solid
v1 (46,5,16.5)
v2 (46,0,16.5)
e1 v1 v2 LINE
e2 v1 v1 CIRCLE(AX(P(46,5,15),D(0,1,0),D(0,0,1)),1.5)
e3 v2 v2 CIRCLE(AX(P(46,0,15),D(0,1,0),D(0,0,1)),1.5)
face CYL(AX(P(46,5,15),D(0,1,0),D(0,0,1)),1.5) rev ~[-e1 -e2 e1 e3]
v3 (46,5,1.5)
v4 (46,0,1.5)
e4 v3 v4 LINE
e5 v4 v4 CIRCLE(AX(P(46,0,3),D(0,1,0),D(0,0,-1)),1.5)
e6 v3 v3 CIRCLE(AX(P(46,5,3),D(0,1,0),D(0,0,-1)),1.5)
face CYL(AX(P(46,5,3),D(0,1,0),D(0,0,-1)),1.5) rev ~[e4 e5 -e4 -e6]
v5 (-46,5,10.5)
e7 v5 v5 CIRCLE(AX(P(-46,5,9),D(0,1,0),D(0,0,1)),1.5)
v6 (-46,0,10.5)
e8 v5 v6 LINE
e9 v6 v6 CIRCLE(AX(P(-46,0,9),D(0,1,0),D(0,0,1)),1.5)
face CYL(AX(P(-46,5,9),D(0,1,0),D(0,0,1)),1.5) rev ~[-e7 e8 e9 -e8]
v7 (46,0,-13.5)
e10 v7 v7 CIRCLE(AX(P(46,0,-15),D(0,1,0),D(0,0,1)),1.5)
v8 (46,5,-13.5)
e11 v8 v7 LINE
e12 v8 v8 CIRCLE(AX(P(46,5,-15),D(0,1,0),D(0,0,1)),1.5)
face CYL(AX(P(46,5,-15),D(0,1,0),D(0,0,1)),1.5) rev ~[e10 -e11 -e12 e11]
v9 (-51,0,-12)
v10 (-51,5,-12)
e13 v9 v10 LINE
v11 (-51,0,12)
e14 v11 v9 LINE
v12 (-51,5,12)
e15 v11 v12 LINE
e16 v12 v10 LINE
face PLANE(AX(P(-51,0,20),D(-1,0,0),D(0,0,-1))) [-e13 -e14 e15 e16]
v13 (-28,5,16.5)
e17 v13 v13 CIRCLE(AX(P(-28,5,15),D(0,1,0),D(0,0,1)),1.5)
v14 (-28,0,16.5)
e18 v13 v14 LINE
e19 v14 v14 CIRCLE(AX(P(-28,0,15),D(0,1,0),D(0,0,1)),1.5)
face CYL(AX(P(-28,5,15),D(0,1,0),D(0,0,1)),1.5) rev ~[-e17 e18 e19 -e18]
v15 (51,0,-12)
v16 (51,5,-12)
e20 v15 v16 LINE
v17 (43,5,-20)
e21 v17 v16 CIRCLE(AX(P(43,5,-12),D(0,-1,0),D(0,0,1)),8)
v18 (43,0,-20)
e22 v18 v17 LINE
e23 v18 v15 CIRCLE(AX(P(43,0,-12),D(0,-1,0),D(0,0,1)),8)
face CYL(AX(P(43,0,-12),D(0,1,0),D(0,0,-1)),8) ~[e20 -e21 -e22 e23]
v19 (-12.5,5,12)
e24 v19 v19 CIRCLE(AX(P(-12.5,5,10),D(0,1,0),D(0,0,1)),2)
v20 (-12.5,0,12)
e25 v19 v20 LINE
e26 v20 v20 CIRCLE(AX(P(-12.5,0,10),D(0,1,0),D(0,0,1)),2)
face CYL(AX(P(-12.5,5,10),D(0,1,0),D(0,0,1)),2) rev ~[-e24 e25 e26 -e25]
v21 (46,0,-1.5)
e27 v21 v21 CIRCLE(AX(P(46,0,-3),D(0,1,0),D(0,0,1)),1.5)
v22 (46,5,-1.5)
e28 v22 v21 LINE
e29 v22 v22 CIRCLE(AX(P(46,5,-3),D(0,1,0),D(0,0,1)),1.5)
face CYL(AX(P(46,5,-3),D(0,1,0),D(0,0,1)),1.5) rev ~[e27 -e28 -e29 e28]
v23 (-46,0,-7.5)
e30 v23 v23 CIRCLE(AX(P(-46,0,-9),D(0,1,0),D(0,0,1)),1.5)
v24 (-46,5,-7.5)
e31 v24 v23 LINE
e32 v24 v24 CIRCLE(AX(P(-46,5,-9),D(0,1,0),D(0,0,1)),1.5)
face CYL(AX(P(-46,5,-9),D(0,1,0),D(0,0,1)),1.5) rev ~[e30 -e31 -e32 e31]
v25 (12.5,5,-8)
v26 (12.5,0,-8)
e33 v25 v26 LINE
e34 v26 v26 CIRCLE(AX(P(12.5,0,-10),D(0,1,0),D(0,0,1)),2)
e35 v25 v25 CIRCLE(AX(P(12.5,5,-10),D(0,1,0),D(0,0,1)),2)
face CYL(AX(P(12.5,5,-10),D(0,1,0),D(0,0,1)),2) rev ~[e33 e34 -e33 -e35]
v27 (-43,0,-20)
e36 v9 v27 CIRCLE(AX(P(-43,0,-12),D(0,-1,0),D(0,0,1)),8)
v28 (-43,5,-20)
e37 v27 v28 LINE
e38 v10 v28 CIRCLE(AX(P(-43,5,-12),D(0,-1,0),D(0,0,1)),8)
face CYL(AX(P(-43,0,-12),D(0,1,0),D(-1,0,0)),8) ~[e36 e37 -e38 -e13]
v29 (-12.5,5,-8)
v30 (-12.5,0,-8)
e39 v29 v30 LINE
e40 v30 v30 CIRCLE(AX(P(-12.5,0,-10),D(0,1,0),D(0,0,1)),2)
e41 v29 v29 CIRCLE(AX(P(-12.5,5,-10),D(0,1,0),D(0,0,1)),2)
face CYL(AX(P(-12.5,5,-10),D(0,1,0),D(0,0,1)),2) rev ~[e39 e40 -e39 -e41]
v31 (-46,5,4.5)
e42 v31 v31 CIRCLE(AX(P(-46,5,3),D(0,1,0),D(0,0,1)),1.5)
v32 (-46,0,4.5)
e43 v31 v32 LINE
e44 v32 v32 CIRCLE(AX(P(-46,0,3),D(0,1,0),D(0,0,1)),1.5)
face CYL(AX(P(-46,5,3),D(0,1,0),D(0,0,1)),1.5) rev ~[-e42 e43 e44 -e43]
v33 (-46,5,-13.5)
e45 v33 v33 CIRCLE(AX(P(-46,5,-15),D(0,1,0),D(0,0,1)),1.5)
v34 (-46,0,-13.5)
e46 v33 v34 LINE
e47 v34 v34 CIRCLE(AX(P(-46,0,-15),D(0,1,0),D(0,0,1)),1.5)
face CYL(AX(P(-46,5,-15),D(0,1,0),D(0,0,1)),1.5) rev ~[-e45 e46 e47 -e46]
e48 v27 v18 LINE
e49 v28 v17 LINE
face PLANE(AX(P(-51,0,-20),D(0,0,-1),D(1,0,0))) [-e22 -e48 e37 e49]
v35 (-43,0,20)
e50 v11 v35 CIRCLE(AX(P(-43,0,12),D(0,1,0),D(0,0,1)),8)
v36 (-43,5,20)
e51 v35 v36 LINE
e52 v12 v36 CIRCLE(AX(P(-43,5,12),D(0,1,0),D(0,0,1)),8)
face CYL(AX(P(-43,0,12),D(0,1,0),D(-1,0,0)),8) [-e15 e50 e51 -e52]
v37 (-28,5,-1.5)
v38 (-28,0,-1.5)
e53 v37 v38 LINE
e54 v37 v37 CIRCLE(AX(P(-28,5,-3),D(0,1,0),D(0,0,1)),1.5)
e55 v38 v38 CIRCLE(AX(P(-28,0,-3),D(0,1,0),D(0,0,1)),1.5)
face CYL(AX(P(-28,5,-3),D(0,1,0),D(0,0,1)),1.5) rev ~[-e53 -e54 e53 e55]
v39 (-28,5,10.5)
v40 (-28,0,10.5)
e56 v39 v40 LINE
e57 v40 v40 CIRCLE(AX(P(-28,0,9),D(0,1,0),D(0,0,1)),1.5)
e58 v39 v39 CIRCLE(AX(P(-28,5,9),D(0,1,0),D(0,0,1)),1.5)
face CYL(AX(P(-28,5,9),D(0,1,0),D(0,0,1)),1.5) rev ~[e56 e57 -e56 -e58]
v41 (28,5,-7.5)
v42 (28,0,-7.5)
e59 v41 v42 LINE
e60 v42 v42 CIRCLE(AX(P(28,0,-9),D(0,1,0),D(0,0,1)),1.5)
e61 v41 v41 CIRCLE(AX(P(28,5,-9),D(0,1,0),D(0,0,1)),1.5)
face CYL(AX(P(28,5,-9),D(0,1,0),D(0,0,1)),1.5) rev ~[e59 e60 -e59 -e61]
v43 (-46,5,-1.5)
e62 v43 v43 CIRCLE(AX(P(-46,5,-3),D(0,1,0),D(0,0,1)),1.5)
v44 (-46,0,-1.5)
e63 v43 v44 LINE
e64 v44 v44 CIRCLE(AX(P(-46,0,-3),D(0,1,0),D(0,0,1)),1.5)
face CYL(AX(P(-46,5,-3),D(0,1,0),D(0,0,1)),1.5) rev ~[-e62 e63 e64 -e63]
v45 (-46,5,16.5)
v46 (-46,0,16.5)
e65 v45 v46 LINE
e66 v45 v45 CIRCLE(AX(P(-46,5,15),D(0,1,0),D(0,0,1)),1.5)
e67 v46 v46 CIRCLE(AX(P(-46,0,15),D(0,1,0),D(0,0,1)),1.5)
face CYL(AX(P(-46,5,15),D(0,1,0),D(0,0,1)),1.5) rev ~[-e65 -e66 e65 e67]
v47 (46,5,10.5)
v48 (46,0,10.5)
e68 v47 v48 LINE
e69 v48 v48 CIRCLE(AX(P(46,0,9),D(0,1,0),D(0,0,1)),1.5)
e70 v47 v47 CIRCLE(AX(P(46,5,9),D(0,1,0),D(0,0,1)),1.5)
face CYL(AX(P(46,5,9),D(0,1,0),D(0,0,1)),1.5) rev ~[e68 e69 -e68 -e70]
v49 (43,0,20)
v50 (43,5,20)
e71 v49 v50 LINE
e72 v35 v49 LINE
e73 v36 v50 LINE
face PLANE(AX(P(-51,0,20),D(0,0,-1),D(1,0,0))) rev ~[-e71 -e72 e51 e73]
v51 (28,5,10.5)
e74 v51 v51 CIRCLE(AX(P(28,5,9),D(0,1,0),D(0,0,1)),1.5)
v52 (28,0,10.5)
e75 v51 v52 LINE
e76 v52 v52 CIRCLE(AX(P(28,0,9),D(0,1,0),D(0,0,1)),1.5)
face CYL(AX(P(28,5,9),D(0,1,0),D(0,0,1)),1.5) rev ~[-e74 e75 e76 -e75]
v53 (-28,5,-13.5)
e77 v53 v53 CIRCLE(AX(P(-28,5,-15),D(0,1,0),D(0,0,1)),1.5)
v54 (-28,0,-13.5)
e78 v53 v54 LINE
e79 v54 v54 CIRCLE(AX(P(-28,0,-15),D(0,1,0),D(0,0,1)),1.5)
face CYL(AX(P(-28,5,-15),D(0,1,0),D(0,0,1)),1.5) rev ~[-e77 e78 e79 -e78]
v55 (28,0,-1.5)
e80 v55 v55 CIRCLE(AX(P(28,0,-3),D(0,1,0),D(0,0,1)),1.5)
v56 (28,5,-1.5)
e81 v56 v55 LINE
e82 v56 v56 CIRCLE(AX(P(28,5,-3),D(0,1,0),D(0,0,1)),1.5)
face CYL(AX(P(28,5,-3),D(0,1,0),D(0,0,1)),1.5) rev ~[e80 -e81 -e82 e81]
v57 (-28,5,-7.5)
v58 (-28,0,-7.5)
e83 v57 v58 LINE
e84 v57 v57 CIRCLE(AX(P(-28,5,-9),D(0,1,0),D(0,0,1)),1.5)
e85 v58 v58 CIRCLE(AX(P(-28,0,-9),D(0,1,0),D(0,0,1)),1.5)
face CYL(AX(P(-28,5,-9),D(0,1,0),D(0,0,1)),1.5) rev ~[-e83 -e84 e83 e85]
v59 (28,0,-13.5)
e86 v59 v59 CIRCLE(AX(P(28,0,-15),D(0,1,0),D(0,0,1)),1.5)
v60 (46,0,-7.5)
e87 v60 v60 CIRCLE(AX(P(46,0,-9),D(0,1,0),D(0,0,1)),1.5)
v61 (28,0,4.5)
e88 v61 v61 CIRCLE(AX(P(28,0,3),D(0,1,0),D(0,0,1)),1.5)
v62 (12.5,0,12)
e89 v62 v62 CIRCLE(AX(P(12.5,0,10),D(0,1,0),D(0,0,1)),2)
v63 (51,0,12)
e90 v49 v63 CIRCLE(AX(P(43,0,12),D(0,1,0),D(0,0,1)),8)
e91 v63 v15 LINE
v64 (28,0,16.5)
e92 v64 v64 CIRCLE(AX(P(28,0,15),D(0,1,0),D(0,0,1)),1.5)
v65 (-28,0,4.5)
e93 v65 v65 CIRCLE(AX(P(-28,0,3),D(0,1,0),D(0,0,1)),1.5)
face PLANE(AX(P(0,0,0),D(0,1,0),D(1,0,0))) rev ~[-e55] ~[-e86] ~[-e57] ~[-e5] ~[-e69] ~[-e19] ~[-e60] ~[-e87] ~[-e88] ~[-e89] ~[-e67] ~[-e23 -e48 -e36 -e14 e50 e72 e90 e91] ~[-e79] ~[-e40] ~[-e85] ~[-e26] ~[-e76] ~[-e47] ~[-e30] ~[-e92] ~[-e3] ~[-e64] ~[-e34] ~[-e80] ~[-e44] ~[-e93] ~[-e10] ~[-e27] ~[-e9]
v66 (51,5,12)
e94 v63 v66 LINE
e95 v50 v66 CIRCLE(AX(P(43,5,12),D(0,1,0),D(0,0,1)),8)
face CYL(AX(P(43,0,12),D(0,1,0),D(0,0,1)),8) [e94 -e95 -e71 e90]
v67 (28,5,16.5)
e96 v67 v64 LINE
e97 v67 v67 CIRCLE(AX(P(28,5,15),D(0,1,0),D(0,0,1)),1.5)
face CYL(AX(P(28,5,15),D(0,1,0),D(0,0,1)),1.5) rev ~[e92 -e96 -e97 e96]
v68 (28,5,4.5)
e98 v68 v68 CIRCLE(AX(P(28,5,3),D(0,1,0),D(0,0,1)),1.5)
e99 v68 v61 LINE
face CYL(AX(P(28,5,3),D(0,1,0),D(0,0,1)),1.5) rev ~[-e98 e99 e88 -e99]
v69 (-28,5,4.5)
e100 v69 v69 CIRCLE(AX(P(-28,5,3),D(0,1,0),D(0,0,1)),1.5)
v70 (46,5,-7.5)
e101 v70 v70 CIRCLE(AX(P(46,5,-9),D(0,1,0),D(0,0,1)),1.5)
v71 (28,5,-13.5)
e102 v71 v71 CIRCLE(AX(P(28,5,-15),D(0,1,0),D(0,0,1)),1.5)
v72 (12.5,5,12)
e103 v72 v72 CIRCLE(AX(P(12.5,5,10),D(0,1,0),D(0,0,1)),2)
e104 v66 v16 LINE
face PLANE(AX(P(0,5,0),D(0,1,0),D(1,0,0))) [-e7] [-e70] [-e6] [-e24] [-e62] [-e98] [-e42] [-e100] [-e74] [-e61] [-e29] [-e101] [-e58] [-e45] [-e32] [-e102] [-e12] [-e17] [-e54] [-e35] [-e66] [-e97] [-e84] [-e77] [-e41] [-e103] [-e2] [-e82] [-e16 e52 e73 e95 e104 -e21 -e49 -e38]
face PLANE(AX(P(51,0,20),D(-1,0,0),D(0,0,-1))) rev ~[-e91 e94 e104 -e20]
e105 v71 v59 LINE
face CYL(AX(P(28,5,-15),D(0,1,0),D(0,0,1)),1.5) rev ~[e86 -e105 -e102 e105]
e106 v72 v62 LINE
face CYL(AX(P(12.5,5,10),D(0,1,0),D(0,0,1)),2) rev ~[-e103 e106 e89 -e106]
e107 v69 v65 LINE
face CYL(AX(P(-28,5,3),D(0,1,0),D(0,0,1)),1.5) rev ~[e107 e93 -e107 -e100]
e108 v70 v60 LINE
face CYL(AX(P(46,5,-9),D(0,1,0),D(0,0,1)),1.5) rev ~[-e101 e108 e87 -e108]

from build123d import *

# Parameters (mm, degrees)
SKETCH_1_W          = 102
SKETCH_1_H          = 40
EXTRUDE_1_DEPTH     = 5
SKETCH_2_R          = 1.5
CUT_EXTRUDE_1_DEPTH = 56.009090158
SKETCH_3_R          = 2
CUT_EXTRUDE_2_DEPTH = 5
FILLET_1_R          = 8


with BuildPart() as part:
    # 草图1 → 凸台-拉伸1 (new body)
    with BuildSketch(Plane(origin=(0, 0, 0), x_dir=(1, 0, 0), z_dir=(0, 1, 0))):
        Rectangle(SKETCH_1_W, SKETCH_1_H)
    extrude(amount=EXTRUDE_1_DEPTH)

    # 草图2 → 切除-拉伸1 (cut, through all)
    with BuildSketch(Plane(origin=(0, 5, 0), x_dir=(1, 0, 0), z_dir=(0, 1, 0))):
        with Locations((-46, 3)):
            Circle(SKETCH_2_R)
        with Locations((-28, 3)):
            Circle(SKETCH_2_R)
        with Locations((-28, -3)):
            Circle(SKETCH_2_R)
        with Locations((-46, -3)):
            Circle(SKETCH_2_R)
        with Locations((-28, 15)):
            Circle(SKETCH_2_R)
        with Locations((-28, 9)):
            Circle(SKETCH_2_R)
        with Locations((-46, 15)):
            Circle(SKETCH_2_R)
        with Locations((-46, 9)):
            Circle(SKETCH_2_R)
        with Locations((-46, -9)):
            Circle(SKETCH_2_R)
        with Locations((-46, -15)):
            Circle(SKETCH_2_R)
        with Locations((-28, -9)):
            Circle(SKETCH_2_R)
        with Locations((-28, -15)):
            Circle(SKETCH_2_R)
        with Locations((28, -15)):
            Circle(SKETCH_2_R)
        with Locations((28, -9)):
            Circle(SKETCH_2_R)
        with Locations((46, -15)):
            Circle(SKETCH_2_R)
        with Locations((46, -9)):
            Circle(SKETCH_2_R)
        with Locations((46, 9)):
            Circle(SKETCH_2_R)
        with Locations((46, 15)):
            Circle(SKETCH_2_R)
        with Locations((28, 9)):
            Circle(SKETCH_2_R)
        with Locations((28, 15)):
            Circle(SKETCH_2_R)
        with Locations((46, -3)):
            Circle(SKETCH_2_R)
        with Locations((28, -3)):
            Circle(SKETCH_2_R)
        with Locations((28, 3)):
            Circle(SKETCH_2_R)
        with Locations((46, 3)):
            Circle(SKETCH_2_R)
    extrude(amount=-CUT_EXTRUDE_1_DEPTH, mode=Mode.SUBTRACT)

    # 草图3 → 切除-拉伸2 (cut)
    with BuildSketch(Plane(origin=(0, 5, 0), x_dir=(1, 0, 0), z_dir=(0, 1, 0))):
        with Locations((-12.5, 10)):
            Circle(SKETCH_3_R)
        with Locations((12.5, 10)):
            Circle(SKETCH_3_R)
        with Locations((12.5, -10)):
            Circle(SKETCH_3_R)
        with Locations((-12.5, -10)):
            Circle(SKETCH_3_R)
    extrude(amount=-CUT_EXTRUDE_2_DEPTH, mode=Mode.SUBTRACT)

    # 圆角1
    fillet_1_edges = [part.edges().sort_by_distance(p)[0] for p in [
        (51, 2.5, -20),
        (51, 2.5, 20),
        (-51, 2.5, 20),
        (-51, 2.5, -20),
    ]]
    fillet(fillet_1_edges, radius=FILLET_1_R)


solid = part.part
